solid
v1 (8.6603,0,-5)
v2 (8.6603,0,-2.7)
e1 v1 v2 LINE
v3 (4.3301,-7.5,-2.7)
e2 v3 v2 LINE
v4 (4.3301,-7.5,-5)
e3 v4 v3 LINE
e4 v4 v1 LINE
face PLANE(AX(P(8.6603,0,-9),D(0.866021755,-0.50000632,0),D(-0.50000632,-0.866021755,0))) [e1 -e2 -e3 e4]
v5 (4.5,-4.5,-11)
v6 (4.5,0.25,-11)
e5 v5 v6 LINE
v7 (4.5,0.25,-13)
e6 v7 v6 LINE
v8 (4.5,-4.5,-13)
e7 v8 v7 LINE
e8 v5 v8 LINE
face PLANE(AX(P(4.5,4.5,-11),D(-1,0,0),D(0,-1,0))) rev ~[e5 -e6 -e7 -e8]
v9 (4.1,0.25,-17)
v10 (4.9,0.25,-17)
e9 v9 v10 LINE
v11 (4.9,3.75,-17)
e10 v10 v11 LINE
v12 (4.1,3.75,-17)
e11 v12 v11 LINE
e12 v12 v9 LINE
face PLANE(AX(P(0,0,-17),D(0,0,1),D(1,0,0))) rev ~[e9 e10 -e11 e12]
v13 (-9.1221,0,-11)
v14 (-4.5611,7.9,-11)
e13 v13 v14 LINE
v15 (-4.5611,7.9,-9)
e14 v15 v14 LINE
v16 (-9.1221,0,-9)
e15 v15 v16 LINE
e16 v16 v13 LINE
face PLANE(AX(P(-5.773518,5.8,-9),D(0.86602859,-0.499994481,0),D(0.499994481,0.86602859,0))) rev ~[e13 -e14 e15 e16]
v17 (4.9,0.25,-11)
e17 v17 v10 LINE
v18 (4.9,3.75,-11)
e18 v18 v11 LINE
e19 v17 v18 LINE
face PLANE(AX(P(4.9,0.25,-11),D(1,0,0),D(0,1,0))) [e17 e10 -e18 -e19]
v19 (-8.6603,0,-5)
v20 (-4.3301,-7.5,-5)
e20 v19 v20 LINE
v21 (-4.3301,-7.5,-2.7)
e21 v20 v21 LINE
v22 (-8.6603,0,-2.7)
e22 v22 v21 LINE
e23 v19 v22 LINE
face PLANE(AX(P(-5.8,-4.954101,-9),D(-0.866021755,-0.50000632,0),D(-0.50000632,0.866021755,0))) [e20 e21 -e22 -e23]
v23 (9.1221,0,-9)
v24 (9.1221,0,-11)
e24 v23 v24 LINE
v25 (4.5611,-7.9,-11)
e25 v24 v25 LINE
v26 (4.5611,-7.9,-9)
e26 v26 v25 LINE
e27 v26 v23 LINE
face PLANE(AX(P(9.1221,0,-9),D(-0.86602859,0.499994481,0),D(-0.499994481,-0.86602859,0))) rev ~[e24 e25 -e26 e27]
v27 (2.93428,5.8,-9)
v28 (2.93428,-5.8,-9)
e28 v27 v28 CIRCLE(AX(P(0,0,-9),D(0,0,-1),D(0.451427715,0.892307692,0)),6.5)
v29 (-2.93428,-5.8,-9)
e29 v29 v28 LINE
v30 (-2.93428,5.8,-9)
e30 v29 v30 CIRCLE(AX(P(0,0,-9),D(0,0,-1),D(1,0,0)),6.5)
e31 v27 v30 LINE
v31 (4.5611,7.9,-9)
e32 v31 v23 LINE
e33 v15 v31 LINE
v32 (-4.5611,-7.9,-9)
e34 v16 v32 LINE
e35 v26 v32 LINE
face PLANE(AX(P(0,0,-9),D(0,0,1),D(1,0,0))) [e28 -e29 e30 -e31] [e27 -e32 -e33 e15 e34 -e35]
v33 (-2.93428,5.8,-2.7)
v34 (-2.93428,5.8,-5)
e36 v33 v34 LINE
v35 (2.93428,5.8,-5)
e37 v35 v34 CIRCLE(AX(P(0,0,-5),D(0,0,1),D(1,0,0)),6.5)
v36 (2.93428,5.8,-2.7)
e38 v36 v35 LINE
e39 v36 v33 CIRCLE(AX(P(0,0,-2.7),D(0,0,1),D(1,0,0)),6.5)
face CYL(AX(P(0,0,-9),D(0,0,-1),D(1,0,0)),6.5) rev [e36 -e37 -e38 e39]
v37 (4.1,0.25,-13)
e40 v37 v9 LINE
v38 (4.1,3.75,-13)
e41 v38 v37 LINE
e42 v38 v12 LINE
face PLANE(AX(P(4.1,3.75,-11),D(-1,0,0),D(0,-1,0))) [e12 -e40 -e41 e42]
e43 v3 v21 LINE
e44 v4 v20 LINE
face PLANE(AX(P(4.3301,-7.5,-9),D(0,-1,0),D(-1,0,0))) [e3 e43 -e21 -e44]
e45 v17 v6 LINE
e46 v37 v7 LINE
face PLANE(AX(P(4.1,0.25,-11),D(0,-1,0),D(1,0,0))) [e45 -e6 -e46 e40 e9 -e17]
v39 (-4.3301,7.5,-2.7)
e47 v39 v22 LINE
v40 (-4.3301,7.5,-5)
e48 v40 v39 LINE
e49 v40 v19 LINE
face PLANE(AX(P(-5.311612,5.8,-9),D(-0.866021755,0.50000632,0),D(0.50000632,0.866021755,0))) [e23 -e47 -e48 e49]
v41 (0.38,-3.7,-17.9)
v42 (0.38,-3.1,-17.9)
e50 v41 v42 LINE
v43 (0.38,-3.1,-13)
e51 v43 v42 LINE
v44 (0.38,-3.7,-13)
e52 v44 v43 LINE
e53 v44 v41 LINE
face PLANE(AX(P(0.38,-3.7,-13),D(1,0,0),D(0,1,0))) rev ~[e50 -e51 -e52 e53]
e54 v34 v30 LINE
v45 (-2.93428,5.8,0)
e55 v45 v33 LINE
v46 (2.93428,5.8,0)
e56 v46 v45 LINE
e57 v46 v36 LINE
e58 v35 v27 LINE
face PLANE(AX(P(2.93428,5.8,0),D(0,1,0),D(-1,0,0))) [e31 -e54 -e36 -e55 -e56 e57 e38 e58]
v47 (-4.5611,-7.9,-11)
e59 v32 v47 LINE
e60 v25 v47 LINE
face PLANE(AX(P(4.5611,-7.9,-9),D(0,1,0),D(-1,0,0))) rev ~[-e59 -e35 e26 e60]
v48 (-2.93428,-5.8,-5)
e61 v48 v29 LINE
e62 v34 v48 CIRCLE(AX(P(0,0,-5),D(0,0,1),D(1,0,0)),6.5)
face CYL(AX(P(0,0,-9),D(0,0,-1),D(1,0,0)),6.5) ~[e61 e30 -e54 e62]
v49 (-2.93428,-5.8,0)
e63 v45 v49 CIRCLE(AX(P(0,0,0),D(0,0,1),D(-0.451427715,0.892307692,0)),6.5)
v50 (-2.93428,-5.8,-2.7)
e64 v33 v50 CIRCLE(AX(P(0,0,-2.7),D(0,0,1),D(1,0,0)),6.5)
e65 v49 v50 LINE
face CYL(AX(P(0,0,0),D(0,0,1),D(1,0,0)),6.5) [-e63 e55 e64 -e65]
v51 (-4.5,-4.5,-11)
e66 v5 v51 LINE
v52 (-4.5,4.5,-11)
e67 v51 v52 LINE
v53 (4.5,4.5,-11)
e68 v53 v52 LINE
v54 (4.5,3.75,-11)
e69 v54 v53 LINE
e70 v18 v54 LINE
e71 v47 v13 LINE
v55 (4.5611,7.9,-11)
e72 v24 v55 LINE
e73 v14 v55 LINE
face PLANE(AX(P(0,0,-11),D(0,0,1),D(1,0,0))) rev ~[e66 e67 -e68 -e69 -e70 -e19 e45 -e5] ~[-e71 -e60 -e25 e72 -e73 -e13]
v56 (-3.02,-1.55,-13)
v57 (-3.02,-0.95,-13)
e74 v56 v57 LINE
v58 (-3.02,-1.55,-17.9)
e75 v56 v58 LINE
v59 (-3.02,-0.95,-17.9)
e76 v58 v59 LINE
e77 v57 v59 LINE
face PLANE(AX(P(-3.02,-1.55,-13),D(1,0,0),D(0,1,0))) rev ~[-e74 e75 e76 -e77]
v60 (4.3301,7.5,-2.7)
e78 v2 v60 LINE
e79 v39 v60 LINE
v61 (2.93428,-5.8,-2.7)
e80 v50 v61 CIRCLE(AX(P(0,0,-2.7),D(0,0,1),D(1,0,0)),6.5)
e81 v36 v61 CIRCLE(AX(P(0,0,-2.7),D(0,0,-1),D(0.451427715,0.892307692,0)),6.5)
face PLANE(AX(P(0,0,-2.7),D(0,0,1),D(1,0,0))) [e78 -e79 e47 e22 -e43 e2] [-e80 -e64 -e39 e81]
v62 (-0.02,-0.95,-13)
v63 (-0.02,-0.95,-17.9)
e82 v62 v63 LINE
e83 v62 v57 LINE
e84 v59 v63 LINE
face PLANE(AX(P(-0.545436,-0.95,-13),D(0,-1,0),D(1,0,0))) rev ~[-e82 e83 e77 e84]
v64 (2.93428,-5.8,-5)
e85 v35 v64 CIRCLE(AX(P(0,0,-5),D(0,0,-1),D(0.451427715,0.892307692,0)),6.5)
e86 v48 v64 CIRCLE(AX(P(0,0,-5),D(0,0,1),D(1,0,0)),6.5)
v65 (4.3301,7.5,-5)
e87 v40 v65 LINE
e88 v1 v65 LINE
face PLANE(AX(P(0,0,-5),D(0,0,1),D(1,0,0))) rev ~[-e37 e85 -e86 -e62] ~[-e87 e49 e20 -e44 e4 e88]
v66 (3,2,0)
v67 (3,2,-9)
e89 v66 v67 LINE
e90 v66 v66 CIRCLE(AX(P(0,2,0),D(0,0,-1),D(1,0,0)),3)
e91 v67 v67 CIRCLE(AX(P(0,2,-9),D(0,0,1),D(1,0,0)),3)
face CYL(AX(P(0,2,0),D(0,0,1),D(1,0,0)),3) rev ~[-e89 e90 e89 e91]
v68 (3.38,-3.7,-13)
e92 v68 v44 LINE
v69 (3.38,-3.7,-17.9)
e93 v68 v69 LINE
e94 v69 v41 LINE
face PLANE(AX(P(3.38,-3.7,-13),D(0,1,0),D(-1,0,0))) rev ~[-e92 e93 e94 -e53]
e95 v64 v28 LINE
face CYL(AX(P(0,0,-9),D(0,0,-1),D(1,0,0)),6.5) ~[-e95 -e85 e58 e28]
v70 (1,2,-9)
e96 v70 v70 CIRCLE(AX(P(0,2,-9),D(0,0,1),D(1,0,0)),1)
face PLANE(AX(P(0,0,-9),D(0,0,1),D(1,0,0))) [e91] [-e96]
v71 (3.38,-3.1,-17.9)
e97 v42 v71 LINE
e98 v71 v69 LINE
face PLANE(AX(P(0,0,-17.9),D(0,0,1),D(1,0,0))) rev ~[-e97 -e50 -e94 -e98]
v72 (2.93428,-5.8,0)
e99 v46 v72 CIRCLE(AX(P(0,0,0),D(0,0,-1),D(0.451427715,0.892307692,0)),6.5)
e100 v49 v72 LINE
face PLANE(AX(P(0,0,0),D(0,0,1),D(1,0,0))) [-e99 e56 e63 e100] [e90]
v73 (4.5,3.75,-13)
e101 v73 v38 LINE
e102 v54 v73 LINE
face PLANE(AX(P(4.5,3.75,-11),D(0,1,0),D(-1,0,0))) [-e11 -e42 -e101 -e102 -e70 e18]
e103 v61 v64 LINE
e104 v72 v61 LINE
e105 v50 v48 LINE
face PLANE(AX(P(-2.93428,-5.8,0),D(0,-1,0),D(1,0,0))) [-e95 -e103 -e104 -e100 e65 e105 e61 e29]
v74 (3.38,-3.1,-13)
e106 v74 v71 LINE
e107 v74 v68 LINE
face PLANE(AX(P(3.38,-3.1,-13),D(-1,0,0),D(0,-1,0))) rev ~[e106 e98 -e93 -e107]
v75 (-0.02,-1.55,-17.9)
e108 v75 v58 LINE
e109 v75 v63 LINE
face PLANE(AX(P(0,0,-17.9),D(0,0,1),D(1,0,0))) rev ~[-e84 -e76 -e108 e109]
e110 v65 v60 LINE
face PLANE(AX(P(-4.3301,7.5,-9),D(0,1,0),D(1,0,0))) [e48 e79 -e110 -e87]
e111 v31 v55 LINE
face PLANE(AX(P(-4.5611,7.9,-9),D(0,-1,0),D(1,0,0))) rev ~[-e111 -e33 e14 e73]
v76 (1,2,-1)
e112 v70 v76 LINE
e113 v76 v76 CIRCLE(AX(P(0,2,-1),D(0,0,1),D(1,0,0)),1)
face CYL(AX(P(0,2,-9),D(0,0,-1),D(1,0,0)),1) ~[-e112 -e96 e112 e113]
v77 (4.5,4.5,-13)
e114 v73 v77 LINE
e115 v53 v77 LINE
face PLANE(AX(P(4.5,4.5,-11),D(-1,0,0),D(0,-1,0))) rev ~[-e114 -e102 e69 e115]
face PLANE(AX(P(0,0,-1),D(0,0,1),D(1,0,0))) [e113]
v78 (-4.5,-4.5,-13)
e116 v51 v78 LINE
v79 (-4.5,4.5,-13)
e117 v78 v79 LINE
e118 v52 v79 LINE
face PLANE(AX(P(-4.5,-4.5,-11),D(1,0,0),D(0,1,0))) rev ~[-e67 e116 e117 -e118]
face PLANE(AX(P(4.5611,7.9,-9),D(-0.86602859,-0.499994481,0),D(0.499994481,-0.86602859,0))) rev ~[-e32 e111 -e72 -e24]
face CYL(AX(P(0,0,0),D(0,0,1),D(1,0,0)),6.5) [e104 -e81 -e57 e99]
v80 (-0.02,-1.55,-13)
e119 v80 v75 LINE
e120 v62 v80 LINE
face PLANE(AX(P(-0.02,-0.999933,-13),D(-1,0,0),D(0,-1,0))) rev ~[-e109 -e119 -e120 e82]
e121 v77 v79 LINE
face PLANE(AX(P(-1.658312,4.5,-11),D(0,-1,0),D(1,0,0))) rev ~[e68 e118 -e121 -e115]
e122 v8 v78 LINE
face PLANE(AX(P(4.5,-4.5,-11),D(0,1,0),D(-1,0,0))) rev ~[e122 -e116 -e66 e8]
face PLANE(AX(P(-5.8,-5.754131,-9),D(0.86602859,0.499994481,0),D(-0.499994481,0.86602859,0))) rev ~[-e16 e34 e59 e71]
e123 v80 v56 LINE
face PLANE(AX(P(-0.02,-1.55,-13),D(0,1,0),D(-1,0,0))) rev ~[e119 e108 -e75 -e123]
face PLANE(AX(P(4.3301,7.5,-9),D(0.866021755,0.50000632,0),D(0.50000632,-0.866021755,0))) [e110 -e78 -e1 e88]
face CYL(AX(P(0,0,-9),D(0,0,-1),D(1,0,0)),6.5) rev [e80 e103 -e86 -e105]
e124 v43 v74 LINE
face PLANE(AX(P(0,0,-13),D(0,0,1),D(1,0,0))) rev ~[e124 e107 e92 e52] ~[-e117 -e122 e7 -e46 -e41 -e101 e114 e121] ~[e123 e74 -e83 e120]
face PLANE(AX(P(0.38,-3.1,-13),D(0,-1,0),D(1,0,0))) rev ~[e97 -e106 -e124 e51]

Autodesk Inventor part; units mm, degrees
ref_plane "YZ Plane" through (0, 0, 0) normal (1, 0, 0) x (0, 1, 0)
ref_plane "XZ Plane" through (0, 0, 0) normal (0, 1, 0) x (-1, 0, 0)
ref_plane "XY Plane" through (0, 0, 0) normal (0, 0, 1) x (1, 0, 0)
sketch "Sketch1" plane through (0, 0, 0) normal (0, 0, 1) x (1, 0, 0)
  line L0 (4.5611, 7.9) -> (9.1221, 0)
  line L1 (9.1221, 0) -> (4.5611, -7.9)
  line L2 (4.5611, -7.9) -> (-4.5611, -7.9)
  line L3 (-4.5611, -7.9) -> (-9.1221, 0)
  line L4 (-9.1221, 0) -> (-4.5611, 7.9)
  line L5 (-4.5611, 7.9) -> (4.5611, 7.9)
  circle A0 centre (0, 2) radius 1
  circle A1 centre (0, 2) radius 3
  line L6 (4.3301, 7.5) -> (8.6603, 0)
  line L7 (8.6603, 0) -> (4.3301, -7.5)
  line L8 (4.3301, -7.5) -> (-4.3301, -7.5)
  line L9 (-4.3301, -7.5) -> (-8.6603, 0)
  line L10 (-8.6603, 0) -> (-4.3301, 7.5)
  line L11 (-4.3301, 7.5) -> (4.3301, 7.5)
  line L12 (4.1, 3.75) -> (4.1, 0.25)
  line L13 (4.1, 0.25) -> (4.9, 0.25)
  line L14 (4.9, 0.25) -> (4.9, 3.75)
  line L15 (4.9, 3.75) -> (4.1, 3.75)
  line L16 (0.38, -3.1) -> (3.38, -3.1)
  line L17 (3.38, -3.1) -> (3.38, -3.7)
  line L18 (3.38, -3.7) -> (0.38, -3.7)
  line L19 (0.38, -3.7) -> (0.38, -3.1)
  line L20 (-3.02, -0.95) -> (-0.02, -0.95)
  line L21 (-0.02, -0.95) -> (-0.02, -1.55)
  line L22 (-0.02, -1.55) -> (-3.02, -1.55)
  line L23 (-3.02, -1.55) -> (-3.02, -0.95)
  line L24 (-4.5, 4.5) -> (4.5, 4.5)
  line L25 (4.5, 4.5) -> (4.5, -4.5)
  line L26 (4.5, -4.5) -> (-4.5, -4.5)
  line L27 (-4.5, -4.5) -> (-4.5, 4.5)
  circle A2 centre (0, 0) radius 6.5
  line L28 (-5.8, -5.8) -> (5.8, -5.8)
  line L29 (5.8, -5.8) -> (5.8, 5.8)
  line L30 (5.8, 5.8) -> (-5.8, 5.8)
  line L31 (-5.8, 5.8) -> (-5.8, -5.8)
  point P0 (-2.9343, -5.8)
  point P1 (2.9343, -5.8)
  point P2 (2.9343, 5.8)
  point P3 (-2.9343, 5.8)
  point P4 (5.8, -5.7541)
  point P5 (5.8, 5.7541)
  point P6 (5.7735, 5.8)
  point P7 (-5.7735, 5.8)
  point P8 (-5.8, 5.7541)
  point P9 (-5.8, -5.7541)
  point P10 (-5.7735, -5.8)
  point P11 (5.7735, -5.8)
extrude "Extrusion4" add sketch "Sketch1" against normal blind 9 contours A2 L29 L28 L31 L30 | A2 L29 | L31 A2 | A1 L24 L25 L15 L12 L13 L26 L27 L20 L23 L22 L21 | L21 L22 L23 L20 A1 | L25 L13 L12 L15 | L15 L14 L13 L25 | L16 L17 L18 L19
extrude "Extrusion5" add sketch "Sketch1" against normal blind 2 from surface at -9 contours L0 L30 L6 L11 L10 L4 L5 | L0 L29 L6 L30 | L0 L1 L29 L7 L6 | L30 A2 L10 L11 L6 | L6 L29 A2 L30 | L30 L10 L31 L4 | L6 L7 L29 A2 | L30 A2 | A2 L29 L28 L31 L30 | L31 L10 L9 L3 L4 | L30 A2 L31 L10 | L1 L28 L7 L29 | A2 L29 | L31 A2 L9 L10 | L1 L2 L3 L28 L9 L8 L7 | L7 L28 A2 L29 | L31 A2 | L31 L9 L28 L3 | L7 L8 L9 L28 A2 | A2 L28 | A2 L28 L9 L31 | A0 | A1 L21 L20 L24 | A1 L24 L25 L15 L12 L13 L26 L27 L20 L23 L22 L21 | L24 A1 | L21 L22 L23 L20 A1 | A1 L20 L21 | L25 L13 L12 L15 | L15 L14 L13 L25 | L16 L17 L18 L19
extrude "Extrusion6" add sketch "Sketch1" against normal blind 2 from surface at -11 contours A0 | A1 L21 L20 L24 | A1 L24 L25 L15 L12 L13 L26 L27 L20 L23 L22 L21 | L21 L22 L23 L20 A1 | A1 L20 L21 | L25 L13 L12 L15 | L16 L17 L18 L19
extrude "Extrusion7" add sketch "Sketch1" against normal blind 4.9 from surface at -13 contours L21 L22 L23 L20 A1 | A1 L20 L21 | L16 L17 L18 L19
extrude "Extrusion8" add sketch "Sketch1" against normal blind 6 from surface at -11 contours L25 L13 L12 L15 | L15 L14 L13 L25
extrude "Extrusion9" add sketch "Sketch1" along normal blind 6.3 from surface at -9 contours L30 A2 L10 L11 L6 | L6 L29 A2 L30 | L6 L7 L29 A2 | L30 A2 L31 L10 | L31 A2 L9 L10 | L7 L28 A2 L29 | L7 L8 L9 L28 A2 | A2 L28 L9 L31
extrude "Extrusion10" cut sketch "Sketch1" along normal blind 4 from surface at -9 contours L30 A2 L10 L11 L6 | L6 L29 A2 L30 | L6 L7 L29 A2 | L30 A2 L31 L10 | L31 A2 L9 L10 | L7 L28 A2 L29 | L7 L8 L9 L28 A2 | A2 L28 L9 L31
extrude "Extrusion11" add sketch "Sketch1" along normal blind 8 from surface at -9 contours A0
properties part number "Jack"
